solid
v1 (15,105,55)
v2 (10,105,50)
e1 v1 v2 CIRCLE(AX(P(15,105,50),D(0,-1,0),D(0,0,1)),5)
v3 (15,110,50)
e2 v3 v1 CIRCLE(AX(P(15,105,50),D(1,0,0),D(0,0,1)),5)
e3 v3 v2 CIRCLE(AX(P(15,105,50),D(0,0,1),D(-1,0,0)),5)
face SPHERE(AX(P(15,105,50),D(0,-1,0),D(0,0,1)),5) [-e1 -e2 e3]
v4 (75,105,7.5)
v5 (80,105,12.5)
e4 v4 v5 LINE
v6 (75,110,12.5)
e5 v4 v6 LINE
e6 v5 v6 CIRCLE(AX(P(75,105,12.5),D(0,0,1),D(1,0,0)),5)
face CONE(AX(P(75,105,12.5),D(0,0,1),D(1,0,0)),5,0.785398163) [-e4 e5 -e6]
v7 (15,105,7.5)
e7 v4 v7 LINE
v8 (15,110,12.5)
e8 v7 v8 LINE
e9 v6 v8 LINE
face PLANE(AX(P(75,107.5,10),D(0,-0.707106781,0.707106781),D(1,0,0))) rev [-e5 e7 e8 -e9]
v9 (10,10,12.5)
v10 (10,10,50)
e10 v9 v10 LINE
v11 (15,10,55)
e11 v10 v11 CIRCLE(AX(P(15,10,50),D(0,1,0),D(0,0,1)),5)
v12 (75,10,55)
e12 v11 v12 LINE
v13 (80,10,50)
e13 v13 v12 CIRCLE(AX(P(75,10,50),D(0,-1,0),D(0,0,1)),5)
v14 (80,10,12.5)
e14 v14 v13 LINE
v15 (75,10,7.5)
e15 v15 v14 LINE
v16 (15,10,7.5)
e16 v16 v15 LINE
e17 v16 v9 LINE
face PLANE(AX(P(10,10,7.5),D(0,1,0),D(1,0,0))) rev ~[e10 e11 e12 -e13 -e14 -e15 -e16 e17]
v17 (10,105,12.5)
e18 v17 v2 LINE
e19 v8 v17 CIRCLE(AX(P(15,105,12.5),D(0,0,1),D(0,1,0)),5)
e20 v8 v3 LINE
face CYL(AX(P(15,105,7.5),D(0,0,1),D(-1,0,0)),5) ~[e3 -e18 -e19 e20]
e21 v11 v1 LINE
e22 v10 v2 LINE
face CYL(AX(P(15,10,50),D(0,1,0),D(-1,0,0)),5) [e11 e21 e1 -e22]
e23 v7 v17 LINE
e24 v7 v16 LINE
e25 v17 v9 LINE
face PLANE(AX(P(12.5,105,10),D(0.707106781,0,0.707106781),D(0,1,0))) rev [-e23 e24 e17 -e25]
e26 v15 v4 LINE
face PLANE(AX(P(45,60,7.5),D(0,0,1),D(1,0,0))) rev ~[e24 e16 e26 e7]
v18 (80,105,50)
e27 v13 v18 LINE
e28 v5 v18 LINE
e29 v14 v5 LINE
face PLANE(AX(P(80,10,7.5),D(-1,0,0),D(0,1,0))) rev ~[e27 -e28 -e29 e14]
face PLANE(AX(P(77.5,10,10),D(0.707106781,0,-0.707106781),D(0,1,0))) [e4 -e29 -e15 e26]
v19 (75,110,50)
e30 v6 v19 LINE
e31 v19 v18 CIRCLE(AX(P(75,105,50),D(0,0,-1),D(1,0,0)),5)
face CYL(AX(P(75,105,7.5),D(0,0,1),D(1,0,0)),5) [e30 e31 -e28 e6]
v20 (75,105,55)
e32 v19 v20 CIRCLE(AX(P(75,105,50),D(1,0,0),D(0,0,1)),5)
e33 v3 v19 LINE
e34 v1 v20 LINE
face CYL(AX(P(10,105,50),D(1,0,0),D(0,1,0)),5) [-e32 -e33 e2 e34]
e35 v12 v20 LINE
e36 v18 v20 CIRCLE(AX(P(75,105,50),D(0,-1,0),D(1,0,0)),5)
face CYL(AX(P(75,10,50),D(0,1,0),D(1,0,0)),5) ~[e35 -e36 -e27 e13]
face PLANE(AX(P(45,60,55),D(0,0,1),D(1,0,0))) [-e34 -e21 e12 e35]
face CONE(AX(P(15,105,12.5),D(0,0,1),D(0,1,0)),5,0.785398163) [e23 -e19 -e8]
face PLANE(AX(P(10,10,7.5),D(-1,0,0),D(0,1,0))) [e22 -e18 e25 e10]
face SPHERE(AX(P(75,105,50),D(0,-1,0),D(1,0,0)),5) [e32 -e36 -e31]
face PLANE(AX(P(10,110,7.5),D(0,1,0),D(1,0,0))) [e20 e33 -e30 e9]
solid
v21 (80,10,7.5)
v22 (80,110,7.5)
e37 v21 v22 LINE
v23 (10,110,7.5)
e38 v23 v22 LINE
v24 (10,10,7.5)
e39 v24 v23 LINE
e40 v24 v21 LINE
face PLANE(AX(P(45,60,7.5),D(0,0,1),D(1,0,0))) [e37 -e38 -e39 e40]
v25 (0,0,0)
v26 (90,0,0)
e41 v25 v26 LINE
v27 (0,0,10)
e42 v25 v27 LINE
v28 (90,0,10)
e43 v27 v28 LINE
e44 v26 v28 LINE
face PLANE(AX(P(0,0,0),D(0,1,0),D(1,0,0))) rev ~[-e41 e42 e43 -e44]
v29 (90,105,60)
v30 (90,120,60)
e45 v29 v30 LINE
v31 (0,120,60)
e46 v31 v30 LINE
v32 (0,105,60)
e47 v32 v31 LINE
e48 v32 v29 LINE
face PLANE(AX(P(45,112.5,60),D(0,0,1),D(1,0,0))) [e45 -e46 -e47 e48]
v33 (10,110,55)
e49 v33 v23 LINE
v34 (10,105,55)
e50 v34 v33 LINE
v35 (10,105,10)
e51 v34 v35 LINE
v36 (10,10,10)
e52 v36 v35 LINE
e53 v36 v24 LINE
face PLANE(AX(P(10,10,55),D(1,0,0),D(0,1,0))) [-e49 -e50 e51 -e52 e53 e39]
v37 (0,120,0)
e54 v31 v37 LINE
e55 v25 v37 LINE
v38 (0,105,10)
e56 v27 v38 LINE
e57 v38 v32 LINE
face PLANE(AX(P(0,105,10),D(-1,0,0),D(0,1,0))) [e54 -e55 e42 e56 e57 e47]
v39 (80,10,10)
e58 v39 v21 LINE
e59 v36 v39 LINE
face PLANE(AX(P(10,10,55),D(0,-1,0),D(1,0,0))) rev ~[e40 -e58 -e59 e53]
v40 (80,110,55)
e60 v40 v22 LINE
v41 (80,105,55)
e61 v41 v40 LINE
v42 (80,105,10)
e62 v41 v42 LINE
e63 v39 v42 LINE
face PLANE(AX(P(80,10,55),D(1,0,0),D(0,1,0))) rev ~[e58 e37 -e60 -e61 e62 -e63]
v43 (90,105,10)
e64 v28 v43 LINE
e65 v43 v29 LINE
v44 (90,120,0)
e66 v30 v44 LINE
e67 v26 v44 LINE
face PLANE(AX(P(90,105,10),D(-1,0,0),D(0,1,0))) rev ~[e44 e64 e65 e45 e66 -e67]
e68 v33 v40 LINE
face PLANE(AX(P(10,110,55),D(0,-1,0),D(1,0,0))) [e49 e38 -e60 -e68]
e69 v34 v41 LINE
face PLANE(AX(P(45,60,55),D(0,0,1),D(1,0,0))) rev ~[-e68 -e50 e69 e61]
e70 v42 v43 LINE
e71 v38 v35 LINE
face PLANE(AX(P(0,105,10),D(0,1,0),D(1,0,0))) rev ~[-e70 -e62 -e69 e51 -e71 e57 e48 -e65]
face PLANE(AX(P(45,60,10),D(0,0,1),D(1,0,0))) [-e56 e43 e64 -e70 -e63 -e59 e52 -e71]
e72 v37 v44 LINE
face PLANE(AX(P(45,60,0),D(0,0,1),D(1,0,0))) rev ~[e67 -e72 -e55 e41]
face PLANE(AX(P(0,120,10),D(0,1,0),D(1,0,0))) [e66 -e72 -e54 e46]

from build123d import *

# Parameters (mm, degrees)
F0_W     = 90
F0_H     = 120
F1_DEPTH = 10
F2_W     = 90
F2_H     = 15
F3_DEPTH = 50
F5_W     = 70
F5_H     = 100
F6_DEPTH = 47.5
F7_DEPTH = 47.5
F8_R     = 5
F9_SIZE  = 5


with BuildPart() as f1:
    # F0 (on Top) → F1 (new body)
    with BuildSketch(Plane.XY):
        with Locations((45, 60)):
            Rectangle(F0_W, F0_H)
    extrude(amount=F1_DEPTH)

    # F2 (on face) → F3 (join)
    with BuildSketch(Plane.XY.offset(10)):
        with Locations((45, 112.5)):
            Rectangle(F2_W, F2_H)
    extrude(amount=F3_DEPTH)

    # F5 (on offset) → F6 (cut)
    with BuildSketch(Plane.XY.offset(55)):
        with Locations((45, 60)):
            Rectangle(F5_W, F5_H)
    extrude(amount=-F6_DEPTH, mode=Mode.SUBTRACT)


with BuildPart() as f7:
    # F7 (new, through all): a face of the model
    f7_faces = [f1.part.faces().sort_by_distance(p)[0] for p in [
        (45, 60, 7.5),
    ]]
    extrude(f7_faces, amount=F7_DEPTH)

    # F8
    f8_edges = [f7.edges().sort_by_distance(p)[0] for p in [
        (80, 60, 55),
        (10, 60, 55),
        (80, 110, 31.25),
        (45, 110, 55),
        (10, 110, 31.25),
    ]]
    fillet(f8_edges, radius=F8_R)

    # F9
    f9_edges = [f7.edges().sort_by_distance(p)[0] for p in [
        (80, 57.5, 7.5),
        (10, 57.5, 7.5),
    ]]
    chamfer(f9_edges, length=F9_SIZE)


solid = Compound([f1.part, f7.part])
